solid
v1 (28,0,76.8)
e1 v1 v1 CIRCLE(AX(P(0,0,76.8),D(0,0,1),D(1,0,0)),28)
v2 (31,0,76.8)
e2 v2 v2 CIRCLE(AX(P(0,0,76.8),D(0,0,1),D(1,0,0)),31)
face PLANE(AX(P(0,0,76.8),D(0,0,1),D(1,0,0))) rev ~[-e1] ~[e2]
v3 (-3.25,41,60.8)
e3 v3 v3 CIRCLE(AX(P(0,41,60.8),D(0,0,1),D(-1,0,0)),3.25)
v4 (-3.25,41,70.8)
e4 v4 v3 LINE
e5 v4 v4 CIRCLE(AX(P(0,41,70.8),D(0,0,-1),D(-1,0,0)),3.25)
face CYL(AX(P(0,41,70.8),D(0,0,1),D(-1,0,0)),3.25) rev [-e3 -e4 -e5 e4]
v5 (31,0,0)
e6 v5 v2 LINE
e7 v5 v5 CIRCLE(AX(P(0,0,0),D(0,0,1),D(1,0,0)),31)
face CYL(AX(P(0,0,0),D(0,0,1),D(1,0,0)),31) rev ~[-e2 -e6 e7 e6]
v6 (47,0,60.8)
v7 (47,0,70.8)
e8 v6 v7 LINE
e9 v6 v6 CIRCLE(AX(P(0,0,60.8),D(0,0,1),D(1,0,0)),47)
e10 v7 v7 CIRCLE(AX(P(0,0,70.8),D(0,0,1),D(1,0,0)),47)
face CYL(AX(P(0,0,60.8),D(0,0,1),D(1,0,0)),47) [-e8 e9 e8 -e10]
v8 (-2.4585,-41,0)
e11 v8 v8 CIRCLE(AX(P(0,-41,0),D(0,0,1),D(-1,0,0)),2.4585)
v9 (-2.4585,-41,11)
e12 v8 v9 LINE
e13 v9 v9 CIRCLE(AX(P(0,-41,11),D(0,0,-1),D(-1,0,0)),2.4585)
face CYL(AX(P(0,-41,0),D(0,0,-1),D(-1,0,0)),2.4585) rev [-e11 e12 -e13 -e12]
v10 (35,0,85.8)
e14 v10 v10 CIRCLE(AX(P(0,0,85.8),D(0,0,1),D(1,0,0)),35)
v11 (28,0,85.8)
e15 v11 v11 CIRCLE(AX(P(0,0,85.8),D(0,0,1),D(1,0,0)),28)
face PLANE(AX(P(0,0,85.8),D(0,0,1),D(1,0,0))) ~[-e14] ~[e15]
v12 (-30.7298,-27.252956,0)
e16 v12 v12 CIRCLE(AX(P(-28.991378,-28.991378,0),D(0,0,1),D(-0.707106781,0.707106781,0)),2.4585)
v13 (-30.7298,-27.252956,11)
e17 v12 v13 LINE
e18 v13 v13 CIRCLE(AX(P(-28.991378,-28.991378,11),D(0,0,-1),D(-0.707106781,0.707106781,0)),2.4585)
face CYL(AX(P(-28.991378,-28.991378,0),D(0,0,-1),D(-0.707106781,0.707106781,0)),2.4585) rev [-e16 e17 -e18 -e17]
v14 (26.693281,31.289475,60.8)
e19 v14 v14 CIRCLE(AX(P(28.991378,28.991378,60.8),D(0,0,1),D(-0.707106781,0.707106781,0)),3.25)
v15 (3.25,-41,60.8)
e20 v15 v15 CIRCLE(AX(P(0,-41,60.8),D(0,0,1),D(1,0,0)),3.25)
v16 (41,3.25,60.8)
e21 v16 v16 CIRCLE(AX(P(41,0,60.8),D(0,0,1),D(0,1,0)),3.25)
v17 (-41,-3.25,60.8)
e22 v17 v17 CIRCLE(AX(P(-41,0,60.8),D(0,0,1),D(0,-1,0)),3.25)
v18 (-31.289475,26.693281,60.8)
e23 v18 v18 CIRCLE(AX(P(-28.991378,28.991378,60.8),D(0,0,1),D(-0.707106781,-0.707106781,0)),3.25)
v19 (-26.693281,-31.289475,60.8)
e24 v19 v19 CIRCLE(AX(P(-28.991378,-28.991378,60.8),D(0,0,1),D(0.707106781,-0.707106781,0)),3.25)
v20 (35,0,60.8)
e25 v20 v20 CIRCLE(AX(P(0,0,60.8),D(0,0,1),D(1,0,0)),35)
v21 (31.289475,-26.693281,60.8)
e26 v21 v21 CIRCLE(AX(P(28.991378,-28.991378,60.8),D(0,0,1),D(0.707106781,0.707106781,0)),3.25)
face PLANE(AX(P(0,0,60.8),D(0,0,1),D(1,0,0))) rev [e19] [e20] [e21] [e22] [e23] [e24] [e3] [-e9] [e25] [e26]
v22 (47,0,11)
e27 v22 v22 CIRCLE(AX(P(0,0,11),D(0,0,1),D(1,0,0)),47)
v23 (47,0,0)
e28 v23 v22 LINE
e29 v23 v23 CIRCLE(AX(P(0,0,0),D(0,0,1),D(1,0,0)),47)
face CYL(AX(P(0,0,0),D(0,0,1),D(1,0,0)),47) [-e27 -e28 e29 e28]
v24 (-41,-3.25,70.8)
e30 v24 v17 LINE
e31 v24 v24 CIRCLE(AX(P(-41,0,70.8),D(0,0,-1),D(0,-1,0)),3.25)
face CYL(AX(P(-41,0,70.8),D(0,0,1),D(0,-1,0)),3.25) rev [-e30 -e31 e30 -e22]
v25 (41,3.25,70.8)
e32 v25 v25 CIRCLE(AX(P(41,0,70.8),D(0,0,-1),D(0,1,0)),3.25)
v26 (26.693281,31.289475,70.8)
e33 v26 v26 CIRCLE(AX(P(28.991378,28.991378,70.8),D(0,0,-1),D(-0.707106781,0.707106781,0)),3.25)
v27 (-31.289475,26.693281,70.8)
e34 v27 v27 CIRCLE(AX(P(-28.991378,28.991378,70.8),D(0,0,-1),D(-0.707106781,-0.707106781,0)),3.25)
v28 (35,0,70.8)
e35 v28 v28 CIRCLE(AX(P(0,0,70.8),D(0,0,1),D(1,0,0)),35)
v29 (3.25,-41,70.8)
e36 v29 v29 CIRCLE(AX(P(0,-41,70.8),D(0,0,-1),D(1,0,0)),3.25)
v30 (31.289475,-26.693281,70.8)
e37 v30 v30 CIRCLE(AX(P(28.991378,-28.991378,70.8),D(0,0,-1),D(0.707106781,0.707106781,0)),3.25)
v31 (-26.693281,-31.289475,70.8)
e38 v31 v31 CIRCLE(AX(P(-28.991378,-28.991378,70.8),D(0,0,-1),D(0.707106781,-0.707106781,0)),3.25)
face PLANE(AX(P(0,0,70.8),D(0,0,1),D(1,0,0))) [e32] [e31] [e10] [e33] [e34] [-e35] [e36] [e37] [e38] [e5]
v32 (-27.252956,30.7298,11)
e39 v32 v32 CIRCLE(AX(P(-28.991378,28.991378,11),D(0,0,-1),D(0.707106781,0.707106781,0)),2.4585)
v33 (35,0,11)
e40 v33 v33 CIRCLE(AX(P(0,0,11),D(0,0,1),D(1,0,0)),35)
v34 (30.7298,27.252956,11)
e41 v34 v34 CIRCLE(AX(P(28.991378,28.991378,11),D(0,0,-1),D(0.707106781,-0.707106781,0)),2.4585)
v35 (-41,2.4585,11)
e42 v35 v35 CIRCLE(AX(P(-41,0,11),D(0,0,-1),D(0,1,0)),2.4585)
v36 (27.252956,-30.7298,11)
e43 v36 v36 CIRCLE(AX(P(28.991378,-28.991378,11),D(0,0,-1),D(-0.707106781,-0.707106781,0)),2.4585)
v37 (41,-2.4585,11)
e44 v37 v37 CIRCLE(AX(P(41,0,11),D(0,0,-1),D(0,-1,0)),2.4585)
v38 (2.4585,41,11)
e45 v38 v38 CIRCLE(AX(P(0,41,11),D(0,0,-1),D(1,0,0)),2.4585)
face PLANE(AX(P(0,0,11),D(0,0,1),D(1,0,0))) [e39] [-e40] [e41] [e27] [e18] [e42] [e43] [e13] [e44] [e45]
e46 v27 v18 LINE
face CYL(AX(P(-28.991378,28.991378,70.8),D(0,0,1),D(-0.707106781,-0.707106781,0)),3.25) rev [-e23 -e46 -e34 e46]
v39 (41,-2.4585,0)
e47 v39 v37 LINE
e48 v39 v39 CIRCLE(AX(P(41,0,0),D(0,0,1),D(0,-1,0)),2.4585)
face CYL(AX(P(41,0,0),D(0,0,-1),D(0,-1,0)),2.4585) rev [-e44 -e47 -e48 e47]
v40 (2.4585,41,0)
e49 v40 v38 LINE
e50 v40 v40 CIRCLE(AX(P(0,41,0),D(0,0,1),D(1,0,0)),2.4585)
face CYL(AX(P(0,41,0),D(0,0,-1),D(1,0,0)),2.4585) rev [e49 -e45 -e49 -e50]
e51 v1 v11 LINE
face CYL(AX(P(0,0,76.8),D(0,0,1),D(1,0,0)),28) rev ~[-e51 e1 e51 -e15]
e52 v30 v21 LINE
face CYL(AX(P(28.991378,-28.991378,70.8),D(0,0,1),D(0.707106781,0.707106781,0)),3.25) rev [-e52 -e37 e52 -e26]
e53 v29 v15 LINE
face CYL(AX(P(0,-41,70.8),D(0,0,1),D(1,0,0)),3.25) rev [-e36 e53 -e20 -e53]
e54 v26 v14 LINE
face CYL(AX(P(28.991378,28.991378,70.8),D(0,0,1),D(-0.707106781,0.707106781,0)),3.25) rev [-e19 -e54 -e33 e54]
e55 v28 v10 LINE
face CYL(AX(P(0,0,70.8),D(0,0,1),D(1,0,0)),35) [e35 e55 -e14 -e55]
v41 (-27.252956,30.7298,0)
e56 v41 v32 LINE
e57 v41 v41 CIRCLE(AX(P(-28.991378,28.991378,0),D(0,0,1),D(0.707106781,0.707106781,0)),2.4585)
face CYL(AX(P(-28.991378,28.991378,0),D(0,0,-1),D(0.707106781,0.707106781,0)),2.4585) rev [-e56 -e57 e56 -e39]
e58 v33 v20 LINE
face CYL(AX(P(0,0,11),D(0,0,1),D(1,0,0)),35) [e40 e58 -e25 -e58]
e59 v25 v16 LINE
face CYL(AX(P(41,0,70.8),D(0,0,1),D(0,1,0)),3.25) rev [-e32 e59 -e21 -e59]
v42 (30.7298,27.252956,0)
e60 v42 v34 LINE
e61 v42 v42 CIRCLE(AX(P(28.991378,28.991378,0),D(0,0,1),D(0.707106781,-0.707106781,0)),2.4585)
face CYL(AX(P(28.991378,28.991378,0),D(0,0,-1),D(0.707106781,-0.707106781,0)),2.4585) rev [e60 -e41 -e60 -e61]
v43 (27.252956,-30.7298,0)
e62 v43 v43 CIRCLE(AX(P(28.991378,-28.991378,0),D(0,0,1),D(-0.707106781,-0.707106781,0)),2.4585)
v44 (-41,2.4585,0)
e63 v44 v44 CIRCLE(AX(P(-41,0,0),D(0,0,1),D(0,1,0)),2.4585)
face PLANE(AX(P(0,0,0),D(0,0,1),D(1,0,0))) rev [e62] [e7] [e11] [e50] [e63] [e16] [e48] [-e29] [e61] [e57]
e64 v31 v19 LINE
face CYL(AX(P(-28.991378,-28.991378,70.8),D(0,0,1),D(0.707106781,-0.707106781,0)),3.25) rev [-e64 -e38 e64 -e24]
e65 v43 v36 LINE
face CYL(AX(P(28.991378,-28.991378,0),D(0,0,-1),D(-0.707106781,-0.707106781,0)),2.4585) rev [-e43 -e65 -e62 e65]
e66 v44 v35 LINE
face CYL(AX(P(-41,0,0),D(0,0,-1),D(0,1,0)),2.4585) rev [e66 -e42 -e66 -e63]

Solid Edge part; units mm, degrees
sketch "Sketch1" plane through (0, 0, 0) normal (0, -1, 0) x (1, 0, 0)
  line L0 (47, 70.8) -> (35, 70.8)
  line L1 (35, 70.8) -> (35, 85.8)
  line L2 (28, 85.8) -> (35, 85.8)
  line L3 (28, 76.8) -> (28, 85.8)
  line L4 (31, 76.8) -> (28, 76.8)
  line L5 (31, 0) -> (31, 76.8)
  line L6 (31, 0) -> (47, 0)
  line L7 (47, 0) -> (47, 11)
  line L8 (47, 11) -> (35, 11)
  line L9 (35, 11) -> (35, 60.8)
  line L10 (35, 60.8) -> (47, 60.8)
  line L11 (47, 60.8) -> (47, 70.8)
revolve "RevolvedProtrusion1" add sketch "Sketch1" angle 360 about axis through (0, 0, 0) along (0, 0, 1)
hole "Hole1" at (-41, 0, 70.8) direction (0, 0, -1) diameter 6.5 end up to next
pattern_circular "Pattern1" count 8 over 360 about axis through (0, 0, 70.8) along (0, 0, -1) of "Hole1"
hole "Agujero_3" at (-41, 0, 0) direction (0, 0, 1) diameter 4.917 end through all
pattern_circular "Pattern3" count 8 over 360 about axis through (0, 0, 0) along (0, 0, 1) of "Agujero_3"
properties part number "1976-1100-006" material "Aluminio, 7075-T6"
